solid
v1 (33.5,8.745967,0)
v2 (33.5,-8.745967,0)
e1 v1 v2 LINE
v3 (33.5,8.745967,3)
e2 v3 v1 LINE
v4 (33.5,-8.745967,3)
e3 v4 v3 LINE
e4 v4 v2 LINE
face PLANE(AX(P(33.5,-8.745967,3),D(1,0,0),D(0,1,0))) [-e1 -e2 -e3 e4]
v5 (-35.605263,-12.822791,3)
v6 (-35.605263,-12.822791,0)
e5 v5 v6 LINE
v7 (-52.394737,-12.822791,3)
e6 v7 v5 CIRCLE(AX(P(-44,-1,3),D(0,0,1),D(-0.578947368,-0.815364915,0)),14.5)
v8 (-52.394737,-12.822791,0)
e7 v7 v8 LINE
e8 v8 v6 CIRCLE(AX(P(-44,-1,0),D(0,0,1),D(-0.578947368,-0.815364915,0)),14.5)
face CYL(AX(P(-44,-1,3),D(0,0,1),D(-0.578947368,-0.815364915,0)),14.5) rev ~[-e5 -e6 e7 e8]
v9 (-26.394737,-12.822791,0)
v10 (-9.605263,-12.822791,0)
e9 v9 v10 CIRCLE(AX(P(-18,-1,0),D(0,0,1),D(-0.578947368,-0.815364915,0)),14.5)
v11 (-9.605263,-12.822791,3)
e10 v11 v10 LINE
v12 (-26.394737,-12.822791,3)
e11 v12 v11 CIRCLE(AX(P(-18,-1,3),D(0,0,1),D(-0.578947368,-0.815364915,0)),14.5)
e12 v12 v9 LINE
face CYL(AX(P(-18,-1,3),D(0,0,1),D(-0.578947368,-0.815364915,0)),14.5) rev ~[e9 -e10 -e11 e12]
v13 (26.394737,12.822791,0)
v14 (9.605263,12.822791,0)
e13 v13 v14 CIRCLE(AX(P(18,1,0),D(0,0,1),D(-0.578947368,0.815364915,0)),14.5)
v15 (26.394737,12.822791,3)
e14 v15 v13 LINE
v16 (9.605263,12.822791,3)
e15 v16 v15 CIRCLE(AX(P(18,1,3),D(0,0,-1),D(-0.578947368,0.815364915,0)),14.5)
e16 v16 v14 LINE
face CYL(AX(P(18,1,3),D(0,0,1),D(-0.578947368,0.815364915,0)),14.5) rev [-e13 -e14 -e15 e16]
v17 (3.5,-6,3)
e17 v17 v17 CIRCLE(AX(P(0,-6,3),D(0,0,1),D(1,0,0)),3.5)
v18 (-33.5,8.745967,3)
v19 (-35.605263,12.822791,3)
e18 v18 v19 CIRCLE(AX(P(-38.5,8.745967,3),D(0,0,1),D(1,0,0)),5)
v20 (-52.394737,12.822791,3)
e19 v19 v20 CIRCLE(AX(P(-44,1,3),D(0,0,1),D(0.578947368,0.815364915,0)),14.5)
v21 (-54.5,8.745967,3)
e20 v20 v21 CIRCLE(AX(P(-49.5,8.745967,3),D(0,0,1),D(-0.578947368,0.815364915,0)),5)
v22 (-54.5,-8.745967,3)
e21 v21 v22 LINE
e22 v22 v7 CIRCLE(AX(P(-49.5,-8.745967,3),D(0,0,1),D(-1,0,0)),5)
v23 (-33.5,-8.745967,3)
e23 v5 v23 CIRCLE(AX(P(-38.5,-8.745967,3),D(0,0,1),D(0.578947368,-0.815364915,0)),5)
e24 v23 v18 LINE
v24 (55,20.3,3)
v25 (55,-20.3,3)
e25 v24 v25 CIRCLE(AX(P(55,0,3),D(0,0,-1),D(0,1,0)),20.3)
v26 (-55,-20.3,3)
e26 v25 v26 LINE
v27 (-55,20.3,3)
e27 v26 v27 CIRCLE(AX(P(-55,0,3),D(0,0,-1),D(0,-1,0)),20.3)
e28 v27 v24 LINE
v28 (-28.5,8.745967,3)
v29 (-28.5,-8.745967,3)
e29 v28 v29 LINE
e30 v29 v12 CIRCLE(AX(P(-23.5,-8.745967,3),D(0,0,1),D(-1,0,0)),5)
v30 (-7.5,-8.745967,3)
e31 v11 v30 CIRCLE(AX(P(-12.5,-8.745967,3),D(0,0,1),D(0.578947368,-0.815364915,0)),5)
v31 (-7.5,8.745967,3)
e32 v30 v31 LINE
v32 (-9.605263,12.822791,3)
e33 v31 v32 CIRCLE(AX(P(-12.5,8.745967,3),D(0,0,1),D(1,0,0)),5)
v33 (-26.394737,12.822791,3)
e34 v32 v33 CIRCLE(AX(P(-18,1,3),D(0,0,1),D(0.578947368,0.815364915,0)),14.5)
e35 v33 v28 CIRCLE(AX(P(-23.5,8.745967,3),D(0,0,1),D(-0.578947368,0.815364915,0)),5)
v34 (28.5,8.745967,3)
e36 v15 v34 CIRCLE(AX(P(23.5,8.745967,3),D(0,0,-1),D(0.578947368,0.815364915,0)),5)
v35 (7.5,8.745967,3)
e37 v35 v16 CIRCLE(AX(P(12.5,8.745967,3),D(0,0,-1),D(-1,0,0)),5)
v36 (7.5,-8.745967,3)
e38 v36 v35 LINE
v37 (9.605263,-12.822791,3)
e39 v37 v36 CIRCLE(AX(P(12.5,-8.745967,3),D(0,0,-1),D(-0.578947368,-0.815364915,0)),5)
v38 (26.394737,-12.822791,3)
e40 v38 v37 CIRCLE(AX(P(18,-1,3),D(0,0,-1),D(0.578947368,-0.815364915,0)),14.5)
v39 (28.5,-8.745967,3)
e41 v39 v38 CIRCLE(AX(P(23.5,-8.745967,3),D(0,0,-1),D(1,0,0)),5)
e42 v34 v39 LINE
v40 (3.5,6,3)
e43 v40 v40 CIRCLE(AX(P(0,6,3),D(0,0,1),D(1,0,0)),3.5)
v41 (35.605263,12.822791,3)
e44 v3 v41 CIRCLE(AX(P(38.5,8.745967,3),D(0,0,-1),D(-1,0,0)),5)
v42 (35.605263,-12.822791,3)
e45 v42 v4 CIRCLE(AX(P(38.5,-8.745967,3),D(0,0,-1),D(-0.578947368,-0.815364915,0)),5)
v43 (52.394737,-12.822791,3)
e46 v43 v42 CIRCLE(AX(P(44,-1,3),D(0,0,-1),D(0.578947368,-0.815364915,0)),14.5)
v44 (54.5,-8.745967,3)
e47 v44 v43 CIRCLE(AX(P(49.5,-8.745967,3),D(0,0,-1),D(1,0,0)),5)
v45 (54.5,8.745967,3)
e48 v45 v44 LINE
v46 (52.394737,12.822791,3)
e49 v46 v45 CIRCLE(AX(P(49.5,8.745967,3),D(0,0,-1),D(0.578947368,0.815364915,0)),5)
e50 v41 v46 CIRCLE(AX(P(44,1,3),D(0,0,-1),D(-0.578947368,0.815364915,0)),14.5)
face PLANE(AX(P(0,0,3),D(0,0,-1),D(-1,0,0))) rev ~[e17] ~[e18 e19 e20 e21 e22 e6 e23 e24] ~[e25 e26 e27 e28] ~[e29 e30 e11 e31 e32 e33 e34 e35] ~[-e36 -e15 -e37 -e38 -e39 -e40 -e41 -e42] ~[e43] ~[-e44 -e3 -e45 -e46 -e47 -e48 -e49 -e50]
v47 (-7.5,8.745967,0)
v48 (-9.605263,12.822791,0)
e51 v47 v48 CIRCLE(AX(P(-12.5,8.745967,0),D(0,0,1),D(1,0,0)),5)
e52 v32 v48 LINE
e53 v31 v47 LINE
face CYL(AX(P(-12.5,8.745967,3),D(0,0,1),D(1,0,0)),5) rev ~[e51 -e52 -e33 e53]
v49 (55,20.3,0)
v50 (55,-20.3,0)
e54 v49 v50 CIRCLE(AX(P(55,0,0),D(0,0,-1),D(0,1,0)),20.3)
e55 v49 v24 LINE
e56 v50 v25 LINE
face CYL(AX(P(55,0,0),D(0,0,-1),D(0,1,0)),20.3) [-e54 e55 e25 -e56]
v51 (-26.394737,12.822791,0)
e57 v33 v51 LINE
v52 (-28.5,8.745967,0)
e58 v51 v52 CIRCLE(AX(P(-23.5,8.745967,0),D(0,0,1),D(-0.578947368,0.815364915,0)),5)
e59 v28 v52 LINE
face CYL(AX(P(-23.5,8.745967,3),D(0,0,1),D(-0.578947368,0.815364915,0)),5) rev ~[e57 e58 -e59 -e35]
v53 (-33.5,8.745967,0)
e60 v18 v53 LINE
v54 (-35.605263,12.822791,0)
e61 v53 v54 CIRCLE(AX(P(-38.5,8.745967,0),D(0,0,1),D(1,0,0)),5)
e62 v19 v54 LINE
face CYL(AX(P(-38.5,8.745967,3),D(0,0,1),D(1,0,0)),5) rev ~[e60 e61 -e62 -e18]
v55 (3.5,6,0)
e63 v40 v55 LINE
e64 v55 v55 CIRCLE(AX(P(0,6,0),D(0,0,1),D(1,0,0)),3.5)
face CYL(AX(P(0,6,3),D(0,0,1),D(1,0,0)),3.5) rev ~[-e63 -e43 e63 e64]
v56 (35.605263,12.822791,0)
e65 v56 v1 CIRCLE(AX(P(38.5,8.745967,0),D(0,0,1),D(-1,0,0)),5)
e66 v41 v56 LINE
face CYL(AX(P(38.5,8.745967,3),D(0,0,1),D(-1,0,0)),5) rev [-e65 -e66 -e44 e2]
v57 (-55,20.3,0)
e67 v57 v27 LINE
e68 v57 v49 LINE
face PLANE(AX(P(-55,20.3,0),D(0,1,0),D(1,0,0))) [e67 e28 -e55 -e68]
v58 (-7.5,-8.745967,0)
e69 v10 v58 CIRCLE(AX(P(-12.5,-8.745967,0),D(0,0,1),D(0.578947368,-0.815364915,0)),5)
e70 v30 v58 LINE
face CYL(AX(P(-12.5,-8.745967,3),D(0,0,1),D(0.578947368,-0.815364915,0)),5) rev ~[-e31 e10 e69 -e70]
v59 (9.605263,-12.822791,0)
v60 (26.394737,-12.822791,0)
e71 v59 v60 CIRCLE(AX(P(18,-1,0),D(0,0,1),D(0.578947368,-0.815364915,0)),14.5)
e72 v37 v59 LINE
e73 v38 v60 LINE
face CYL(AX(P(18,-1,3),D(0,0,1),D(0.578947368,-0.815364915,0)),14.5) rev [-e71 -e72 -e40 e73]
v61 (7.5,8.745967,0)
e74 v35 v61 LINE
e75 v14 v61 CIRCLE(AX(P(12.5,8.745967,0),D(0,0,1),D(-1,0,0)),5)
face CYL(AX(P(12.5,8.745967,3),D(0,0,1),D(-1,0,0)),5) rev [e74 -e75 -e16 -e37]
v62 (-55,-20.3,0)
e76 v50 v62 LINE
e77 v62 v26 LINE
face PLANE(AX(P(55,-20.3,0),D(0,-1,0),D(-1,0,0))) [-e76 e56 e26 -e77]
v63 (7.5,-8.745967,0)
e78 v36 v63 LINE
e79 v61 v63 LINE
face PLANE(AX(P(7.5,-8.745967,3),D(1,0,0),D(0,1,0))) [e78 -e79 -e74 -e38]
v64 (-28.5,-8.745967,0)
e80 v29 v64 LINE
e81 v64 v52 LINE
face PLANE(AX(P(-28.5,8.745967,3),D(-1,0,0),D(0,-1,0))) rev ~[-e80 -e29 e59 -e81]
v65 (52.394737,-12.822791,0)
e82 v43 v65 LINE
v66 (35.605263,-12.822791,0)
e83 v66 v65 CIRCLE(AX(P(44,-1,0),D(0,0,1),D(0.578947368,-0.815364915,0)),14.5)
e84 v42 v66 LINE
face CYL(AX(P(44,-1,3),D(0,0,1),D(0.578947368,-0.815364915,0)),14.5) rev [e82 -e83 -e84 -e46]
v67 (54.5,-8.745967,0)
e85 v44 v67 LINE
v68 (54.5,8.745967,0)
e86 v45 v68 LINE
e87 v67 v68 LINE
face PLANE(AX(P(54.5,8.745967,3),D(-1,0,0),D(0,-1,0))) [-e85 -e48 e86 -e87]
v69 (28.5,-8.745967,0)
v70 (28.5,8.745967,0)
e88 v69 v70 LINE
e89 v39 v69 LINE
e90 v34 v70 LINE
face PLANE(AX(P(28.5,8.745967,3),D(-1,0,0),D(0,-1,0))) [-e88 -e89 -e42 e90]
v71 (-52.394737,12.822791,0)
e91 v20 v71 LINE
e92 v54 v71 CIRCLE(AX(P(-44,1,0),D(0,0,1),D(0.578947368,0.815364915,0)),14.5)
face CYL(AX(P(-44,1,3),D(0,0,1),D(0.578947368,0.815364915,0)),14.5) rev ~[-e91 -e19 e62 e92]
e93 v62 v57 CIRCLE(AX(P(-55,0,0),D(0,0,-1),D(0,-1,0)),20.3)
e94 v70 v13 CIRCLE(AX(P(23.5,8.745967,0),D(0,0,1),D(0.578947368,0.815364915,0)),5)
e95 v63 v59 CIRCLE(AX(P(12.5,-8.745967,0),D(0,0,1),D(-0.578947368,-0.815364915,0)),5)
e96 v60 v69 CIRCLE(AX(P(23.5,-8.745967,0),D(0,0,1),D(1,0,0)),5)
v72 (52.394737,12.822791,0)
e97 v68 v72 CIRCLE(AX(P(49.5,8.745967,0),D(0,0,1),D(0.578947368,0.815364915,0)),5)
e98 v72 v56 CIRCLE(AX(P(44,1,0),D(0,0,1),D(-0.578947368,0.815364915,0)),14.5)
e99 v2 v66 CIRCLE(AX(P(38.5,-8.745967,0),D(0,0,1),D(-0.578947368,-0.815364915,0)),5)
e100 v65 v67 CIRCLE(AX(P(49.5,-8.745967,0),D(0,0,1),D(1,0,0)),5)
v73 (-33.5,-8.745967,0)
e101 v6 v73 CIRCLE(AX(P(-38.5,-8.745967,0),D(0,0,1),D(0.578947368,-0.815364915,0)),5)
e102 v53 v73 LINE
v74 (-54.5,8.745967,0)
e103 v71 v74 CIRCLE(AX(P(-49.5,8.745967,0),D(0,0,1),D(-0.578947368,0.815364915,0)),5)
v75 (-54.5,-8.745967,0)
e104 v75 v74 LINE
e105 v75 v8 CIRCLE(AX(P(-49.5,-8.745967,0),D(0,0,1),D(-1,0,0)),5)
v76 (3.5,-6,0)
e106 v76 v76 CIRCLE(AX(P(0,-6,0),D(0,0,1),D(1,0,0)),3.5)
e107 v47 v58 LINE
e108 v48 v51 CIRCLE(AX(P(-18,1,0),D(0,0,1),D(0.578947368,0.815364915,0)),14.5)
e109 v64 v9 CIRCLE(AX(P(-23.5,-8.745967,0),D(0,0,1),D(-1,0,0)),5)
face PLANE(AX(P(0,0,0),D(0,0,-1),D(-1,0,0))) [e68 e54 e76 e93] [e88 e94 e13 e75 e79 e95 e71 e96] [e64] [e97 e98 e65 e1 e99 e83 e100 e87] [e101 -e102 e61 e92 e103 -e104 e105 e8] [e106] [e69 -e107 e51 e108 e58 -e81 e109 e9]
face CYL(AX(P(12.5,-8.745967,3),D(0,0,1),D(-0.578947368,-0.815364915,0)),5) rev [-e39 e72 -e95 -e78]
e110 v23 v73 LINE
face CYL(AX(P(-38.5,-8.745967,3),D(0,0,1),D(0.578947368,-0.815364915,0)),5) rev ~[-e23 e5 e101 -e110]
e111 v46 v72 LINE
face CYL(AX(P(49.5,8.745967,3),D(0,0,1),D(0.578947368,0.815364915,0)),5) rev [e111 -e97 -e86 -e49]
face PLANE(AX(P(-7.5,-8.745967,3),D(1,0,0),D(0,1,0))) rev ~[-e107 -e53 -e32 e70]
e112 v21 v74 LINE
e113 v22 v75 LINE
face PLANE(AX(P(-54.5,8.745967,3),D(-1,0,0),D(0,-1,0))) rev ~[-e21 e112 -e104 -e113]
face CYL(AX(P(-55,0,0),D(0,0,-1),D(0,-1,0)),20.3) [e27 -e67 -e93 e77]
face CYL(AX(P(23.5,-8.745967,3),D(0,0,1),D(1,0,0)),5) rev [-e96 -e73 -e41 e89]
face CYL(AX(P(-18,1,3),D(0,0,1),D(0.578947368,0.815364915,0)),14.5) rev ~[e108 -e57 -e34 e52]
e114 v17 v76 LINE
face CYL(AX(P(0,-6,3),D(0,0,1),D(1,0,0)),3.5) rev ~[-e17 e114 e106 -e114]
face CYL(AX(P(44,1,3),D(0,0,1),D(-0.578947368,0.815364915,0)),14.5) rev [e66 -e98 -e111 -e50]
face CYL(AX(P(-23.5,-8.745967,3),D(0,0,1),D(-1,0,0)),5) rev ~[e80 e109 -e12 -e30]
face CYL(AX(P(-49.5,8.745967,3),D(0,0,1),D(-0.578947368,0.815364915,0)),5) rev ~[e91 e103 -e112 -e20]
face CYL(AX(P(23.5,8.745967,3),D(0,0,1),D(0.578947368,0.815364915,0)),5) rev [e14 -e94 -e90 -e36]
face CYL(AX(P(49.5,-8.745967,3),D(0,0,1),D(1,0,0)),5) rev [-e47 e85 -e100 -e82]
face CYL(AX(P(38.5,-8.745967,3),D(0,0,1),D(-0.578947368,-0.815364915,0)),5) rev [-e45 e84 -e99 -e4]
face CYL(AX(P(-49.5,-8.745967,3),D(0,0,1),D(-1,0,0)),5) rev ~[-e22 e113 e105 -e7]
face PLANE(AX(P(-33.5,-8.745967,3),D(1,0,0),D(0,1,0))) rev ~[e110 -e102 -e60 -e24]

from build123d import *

# Parameters (mm, degrees)
BOSS_EXTRU_1_DEPTH      = 3
ESQUISSE2_R             = 3.5
ENL_V_MAT_EXTRU_1_DEPTH = 79.04601207


with BuildPart() as part:
    # Esquisse1 → Boss.-Extru.1 (new body)
    with BuildSketch(Plane.XY):
        with BuildLine():
            Line((-55, 20.3), (55, 20.3))
            ThreePointArc((55, 20.3), (75.3, 0), (55, -20.3))
            Line((55, -20.3), (-55, -20.3))
            ThreePointArc((-55, -20.3), (-75.3, 0), (-55, 20.3))
        make_face()
    extrude(amount=BOSS_EXTRU_1_DEPTH)

    # Esquisse2 → Enlèv. mat.-Extru.1 (cut, through all)
    with BuildSketch(Plane.XY.offset(3)):
        with Locations((0, 6)):
            Circle(ESQUISSE2_R)
        with Locations((0, -6)):
            Circle(ESQUISSE2_R)
        with BuildLine():
            Line((-7.5, -8.745966692), (-7.5, 8.745966692))
            ThreePointArc((-7.5, 8.745966692), (-8.057383417, 11.040124031), (-9.605263158, 12.822791267))
            ThreePointArc((-9.605263158, 12.822791267), (-18, 15.5), (-26.394736842, 12.822791267))
            ThreePointArc((-26.394736842, 12.822791267), (-27.942616583, 11.040124031), (-28.5, 8.745966692))
            Line((-28.5, 8.745966692), (-28.5, -8.745966692))
            ThreePointArc((-28.5, -8.745966692), (-27.942616583, -11.040124031), (-26.394736842, -12.822791267))
            ThreePointArc((-26.394736842, -12.822791267), (-18, -15.5), (-9.605263158, -12.822791267))
            ThreePointArc((-9.605263158, -12.822791267), (-8.057383417, -11.040124031), (-7.5, -8.745966692))
        make_face()
        with BuildLine():
            Line((-33.5, -8.745966692), (-33.5, 8.745966692))
            ThreePointArc((-33.5, 8.745966692), (-34.057383417, 11.040124031), (-35.605263158, 12.822791267))
            ThreePointArc((-35.605263158, 12.822791267), (-44, 15.5), (-52.394736842, 12.822791267))
            ThreePointArc((-52.394736842, 12.822791267), (-53.942616583, 11.040124031), (-54.5, 8.745966692))
            Line((-54.5, 8.745966692), (-54.5, -8.745966692))
            ThreePointArc((-54.5, -8.745966692), (-53.942616583, -11.040124031), (-52.394736842, -12.822791267))
            ThreePointArc((-52.394736842, -12.822791267), (-44, -15.5), (-35.605263158, -12.822791267))
            ThreePointArc((-35.605263158, -12.822791267), (-34.057383417, -11.040124031), (-33.5, -8.745966692))
        make_face()
        with BuildLine():
            Line((28.5, 8.745966692), (28.5, -8.745966692))
            ThreePointArc((28.5, -8.745966692), (27.942616583, -11.040124031), (26.394736842, -12.822791267))
            ThreePointArc((26.394736842, -12.822791267), (18, -15.5), (9.605263158, -12.822791267))
            ThreePointArc((9.605263158, -12.822791267), (8.057383417, -11.040124031), (7.5, -8.745966692))
            Line((7.5, -8.745966692), (7.5, 8.745966692))
            ThreePointArc((7.5, 8.745966692), (8.057383417, 11.040124031), (9.605263158, 12.822791267))
            ThreePointArc((9.605263158, 12.822791267), (18, 15.5), (26.394736842, 12.822791267))
            ThreePointArc((26.394736842, 12.822791267), (27.942616583, 11.040124031), (28.5, 8.745966692))
        make_face()
        with BuildLine():
            Line((54.5, 8.745966692), (54.5, -8.745966692))
            ThreePointArc((54.5, -8.745966692), (53.942616583, -11.040124031), (52.394736842, -12.822791267))
            ThreePointArc((52.394736842, -12.822791267), (44, -15.5), (35.605263158, -12.822791267))
            ThreePointArc((35.605263158, -12.822791267), (34.057383417, -11.040124031), (33.5, -8.745966692))
            Line((33.5, -8.745966692), (33.5, 8.745966692))
            ThreePointArc((33.5, 8.745966692), (34.057383417, 11.040124031), (35.605263158, 12.822791267))
            ThreePointArc((35.605263158, 12.822791267), (44, 15.5), (52.394736842, 12.822791267))
            ThreePointArc((52.394736842, 12.822791267), (53.942616583, 11.040124031), (54.5, 8.745966692))
        make_face()
    extrude(amount=-ENL_V_MAT_EXTRU_1_DEPTH, mode=Mode.SUBTRACT)


solid = part.part
